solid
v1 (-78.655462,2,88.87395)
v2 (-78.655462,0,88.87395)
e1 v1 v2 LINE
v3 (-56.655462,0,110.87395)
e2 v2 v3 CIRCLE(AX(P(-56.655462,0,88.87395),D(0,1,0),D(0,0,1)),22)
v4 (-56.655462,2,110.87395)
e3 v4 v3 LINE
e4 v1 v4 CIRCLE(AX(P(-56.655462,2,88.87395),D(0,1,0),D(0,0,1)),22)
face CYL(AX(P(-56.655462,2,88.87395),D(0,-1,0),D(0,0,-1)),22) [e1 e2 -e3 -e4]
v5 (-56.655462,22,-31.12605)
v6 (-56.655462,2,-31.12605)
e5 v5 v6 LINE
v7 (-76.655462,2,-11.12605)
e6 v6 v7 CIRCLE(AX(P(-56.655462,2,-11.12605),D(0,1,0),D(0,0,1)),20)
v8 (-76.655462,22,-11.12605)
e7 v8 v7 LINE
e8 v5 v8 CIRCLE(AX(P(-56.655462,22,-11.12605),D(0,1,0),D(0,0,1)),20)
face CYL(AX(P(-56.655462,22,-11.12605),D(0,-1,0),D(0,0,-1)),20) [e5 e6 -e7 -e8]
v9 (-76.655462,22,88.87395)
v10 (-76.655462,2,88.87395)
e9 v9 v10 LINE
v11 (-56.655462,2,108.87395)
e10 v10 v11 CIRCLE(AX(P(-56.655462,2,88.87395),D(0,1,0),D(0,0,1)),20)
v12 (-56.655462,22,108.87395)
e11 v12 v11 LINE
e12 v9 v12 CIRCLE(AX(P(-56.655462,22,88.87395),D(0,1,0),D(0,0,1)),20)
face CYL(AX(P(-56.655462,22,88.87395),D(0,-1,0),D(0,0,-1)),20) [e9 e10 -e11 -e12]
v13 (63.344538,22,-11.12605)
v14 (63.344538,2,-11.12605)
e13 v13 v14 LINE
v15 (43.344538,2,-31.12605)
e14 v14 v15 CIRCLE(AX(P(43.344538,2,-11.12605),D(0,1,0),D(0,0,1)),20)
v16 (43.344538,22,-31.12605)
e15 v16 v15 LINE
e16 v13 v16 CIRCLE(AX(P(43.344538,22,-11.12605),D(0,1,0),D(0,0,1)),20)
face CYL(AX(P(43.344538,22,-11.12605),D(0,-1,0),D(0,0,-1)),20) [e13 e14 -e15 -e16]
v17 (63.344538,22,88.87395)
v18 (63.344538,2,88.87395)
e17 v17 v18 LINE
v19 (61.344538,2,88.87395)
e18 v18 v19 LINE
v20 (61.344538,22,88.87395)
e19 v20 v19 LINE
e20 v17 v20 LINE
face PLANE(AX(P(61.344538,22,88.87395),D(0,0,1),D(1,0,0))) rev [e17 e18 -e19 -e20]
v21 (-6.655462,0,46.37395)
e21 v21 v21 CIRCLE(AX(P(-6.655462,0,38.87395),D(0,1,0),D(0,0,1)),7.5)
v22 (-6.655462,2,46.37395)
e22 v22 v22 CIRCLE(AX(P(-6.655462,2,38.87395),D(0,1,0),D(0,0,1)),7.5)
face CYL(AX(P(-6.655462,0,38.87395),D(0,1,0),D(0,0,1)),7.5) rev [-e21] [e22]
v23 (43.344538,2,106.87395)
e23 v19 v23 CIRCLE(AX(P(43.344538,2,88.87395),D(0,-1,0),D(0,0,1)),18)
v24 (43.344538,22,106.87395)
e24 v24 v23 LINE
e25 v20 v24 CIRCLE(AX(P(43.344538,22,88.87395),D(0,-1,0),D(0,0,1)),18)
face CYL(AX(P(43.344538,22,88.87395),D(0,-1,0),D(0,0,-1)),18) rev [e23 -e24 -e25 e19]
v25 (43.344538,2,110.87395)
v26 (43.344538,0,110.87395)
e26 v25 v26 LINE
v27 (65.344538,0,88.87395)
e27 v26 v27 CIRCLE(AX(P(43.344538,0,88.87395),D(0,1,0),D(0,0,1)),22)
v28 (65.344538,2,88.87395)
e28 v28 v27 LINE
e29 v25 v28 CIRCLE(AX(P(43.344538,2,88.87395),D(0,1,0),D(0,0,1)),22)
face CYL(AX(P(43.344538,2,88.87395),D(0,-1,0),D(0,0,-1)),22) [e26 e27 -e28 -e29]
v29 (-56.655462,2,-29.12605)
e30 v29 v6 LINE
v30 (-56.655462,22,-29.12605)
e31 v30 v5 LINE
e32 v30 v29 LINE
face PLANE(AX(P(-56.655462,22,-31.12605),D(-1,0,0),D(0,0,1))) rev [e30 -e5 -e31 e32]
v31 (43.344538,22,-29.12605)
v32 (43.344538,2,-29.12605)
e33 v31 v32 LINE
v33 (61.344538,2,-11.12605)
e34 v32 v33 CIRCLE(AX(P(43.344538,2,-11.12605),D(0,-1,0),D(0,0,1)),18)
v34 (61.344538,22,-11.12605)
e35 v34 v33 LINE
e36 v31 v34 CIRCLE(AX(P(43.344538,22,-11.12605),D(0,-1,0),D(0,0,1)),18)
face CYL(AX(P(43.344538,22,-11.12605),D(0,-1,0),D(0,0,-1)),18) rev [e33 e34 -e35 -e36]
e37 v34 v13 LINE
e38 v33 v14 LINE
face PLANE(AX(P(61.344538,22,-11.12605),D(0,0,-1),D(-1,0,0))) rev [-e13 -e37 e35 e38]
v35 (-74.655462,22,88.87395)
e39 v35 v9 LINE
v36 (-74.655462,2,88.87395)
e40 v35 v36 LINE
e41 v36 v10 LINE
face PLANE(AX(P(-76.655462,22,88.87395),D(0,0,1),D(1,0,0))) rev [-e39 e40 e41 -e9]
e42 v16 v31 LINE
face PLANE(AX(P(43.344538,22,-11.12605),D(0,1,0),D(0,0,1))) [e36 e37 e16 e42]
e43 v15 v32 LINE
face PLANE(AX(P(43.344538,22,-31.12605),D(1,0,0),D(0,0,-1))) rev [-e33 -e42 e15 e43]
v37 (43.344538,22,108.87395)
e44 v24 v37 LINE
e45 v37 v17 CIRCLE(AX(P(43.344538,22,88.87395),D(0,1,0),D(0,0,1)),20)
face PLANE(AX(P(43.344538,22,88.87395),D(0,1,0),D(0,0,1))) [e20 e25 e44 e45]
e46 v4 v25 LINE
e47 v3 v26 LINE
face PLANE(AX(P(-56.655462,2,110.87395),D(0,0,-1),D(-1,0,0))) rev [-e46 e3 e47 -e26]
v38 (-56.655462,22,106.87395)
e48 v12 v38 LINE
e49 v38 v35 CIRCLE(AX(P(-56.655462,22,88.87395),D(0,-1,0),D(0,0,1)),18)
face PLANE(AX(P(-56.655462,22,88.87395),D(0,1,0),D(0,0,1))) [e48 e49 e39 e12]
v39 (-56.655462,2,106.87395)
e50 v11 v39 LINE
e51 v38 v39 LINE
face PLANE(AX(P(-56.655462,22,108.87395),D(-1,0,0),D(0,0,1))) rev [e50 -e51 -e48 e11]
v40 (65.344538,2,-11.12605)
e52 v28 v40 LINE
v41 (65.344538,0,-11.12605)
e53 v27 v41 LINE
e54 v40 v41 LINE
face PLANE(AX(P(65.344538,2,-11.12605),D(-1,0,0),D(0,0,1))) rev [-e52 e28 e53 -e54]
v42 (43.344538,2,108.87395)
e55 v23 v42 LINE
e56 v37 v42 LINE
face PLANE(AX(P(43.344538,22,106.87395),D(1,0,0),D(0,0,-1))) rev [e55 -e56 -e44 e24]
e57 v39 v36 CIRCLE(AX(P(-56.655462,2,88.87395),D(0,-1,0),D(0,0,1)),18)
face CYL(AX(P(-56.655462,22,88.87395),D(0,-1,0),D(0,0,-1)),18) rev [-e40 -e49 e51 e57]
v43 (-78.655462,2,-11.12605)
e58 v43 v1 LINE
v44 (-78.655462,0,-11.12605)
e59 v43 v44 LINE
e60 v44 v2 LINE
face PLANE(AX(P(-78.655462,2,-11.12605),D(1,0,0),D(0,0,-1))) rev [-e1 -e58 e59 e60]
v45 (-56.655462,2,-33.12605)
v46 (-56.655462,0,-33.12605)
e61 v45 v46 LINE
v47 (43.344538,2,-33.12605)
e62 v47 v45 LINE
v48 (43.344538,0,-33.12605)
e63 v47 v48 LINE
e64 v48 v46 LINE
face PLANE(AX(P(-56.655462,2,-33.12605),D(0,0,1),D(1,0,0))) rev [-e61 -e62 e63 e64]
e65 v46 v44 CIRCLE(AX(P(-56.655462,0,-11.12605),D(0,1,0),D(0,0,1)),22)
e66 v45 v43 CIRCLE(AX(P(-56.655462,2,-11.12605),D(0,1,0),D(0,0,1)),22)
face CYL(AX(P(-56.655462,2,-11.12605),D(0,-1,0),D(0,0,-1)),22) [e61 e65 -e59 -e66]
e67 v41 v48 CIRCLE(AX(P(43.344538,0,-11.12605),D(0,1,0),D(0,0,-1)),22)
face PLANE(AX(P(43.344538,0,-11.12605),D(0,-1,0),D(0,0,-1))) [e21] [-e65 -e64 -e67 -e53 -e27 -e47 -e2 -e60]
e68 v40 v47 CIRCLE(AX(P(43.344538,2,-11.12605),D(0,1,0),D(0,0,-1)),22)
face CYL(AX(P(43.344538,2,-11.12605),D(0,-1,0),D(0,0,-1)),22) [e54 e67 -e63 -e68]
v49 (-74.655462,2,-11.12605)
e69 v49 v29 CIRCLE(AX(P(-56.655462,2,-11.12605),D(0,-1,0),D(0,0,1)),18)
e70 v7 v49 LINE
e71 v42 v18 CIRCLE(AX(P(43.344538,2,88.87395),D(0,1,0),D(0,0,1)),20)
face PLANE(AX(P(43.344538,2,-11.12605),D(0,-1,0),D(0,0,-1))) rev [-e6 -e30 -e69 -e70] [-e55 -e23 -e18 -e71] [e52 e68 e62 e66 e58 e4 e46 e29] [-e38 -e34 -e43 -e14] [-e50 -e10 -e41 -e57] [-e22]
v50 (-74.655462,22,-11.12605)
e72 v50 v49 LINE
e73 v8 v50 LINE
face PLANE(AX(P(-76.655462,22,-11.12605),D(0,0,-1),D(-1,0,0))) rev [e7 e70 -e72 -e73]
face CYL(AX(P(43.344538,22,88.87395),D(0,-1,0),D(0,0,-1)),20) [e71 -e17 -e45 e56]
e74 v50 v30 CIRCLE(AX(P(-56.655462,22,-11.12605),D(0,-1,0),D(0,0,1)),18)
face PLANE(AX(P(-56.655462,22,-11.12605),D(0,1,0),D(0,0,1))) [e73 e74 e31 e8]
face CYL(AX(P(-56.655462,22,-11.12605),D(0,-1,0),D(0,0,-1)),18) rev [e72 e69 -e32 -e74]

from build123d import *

# Parameters (mm, degrees)
BOSS_EXTRU_1_DEPTH      = 2
BOSS_EXTRU_2_DEPTH      = 20
ESQUISSE4_R             = 7.5
ENL_V_MAT_EXTRU_1_DEPTH = 138.403473125


with BuildPart() as part:
    # Esquisse1 → Boss.-Extru.1 (new body)
    with BuildSketch(Plane(origin=(0, 0, 0), x_dir=(1, 0, 0), z_dir=(0, 1, 0))):
        with BuildLine():
            Line((-56.655462185, 33.12605042), (43.344537815, 33.12605042))
            ThreePointArc((43.344537815, 33.12605042), (58.900887001, 26.682399606), (65.344537815, 11.12605042))
            Line((65.344537815, 11.12605042), (65.344537815, -88.87394958))
            ThreePointArc((65.344537815, -88.87394958), (58.900887001, -104.430298766), (43.344537815, -110.87394958))
            Line((43.344537815, -110.87394958), (-56.655462185, -110.87394958))
            ThreePointArc((-56.655462185, -110.87394958), (-72.211811371, -104.430298766), (-78.655462185, -88.87394958))
            Line((-78.655462185, -88.87394958), (-78.655462185, 11.12605042))
            ThreePointArc((-78.655462185, 11.12605042), (-72.211811371, 26.682399606), (-56.655462185, 33.12605042))
        make_face()
    extrude(amount=BOSS_EXTRU_1_DEPTH)

    # Esquisse3 → Boss.-Extru.2 (add)
    with BuildSketch(Plane(origin=(0, 2, 0), x_dir=(1, 0, 0), z_dir=(0, 1, 0))):
        with BuildLine():
            Line((43.344537815, 31.12605042), (43.344537815, 29.12605042))
            ThreePointArc((43.344537815, 29.12605042), (56.072459876, 23.853972482), (61.344537815, 11.12605042))
            Line((61.344537815, 11.12605042), (63.344537815, 11.12605042))
            ThreePointArc((63.344537815, 11.12605042), (57.486673439, 25.268186044), (43.344537815, 31.12605042))
        make_face()
        with BuildLine():
            Line((43.344537815, -106.87394958), (43.344537815, -108.87394958))
            ThreePointArc((43.344537815, -108.87394958), (57.486673439, -103.016085204), (63.344537815, -88.87394958))
            Line((63.344537815, -88.87394958), (61.344537815, -88.87394958))
            ThreePointArc((61.344537815, -88.87394958), (56.072459876, -101.601871641), (43.344537815, -106.87394958))
        make_face()
        with BuildLine():
            Line((-76.655462185, -88.87394958), (-74.655462185, -88.87394958))
            ThreePointArc((-74.655462185, -88.87394958), (-69.383384246, -101.601871641), (-56.655462185, -106.87394958))
            Line((-56.655462185, -106.87394958), (-56.655462185, -108.87394958))
            ThreePointArc((-56.655462185, -108.87394958), (-70.797597809, -103.016085204), (-76.655462185, -88.87394958))
        make_face()
        with BuildLine():
            Line((-76.655462185, 11.12605042), (-74.655462185, 11.12605042))
            ThreePointArc((-74.655462185, 11.12605042), (-69.383384246, 23.853972482), (-56.655462185, 29.12605042))
            Line((-56.655462185, 29.12605042), (-56.655462185, 31.12605042))
            ThreePointArc((-56.655462185, 31.12605042), (-70.797597809, 25.268186044), (-76.655462185, 11.12605042))
        make_face()
    extrude(amount=BOSS_EXTRU_2_DEPTH)

    # Esquisse4 → Enlèv. mat.-Extru.1 (cut, through all)
    with BuildSketch(Plane(origin=(0, 2, 0), x_dir=(1, 0, 0), z_dir=(0, 1, 0))):
        with Locations(Location((-6.655462185, -38.87394958, 0), (0, 0, 270))):
            Circle(ESQUISSE4_R)
    extrude(amount=-ENL_V_MAT_EXTRU_1_DEPTH, mode=Mode.SUBTRACT)


solid = part.part
